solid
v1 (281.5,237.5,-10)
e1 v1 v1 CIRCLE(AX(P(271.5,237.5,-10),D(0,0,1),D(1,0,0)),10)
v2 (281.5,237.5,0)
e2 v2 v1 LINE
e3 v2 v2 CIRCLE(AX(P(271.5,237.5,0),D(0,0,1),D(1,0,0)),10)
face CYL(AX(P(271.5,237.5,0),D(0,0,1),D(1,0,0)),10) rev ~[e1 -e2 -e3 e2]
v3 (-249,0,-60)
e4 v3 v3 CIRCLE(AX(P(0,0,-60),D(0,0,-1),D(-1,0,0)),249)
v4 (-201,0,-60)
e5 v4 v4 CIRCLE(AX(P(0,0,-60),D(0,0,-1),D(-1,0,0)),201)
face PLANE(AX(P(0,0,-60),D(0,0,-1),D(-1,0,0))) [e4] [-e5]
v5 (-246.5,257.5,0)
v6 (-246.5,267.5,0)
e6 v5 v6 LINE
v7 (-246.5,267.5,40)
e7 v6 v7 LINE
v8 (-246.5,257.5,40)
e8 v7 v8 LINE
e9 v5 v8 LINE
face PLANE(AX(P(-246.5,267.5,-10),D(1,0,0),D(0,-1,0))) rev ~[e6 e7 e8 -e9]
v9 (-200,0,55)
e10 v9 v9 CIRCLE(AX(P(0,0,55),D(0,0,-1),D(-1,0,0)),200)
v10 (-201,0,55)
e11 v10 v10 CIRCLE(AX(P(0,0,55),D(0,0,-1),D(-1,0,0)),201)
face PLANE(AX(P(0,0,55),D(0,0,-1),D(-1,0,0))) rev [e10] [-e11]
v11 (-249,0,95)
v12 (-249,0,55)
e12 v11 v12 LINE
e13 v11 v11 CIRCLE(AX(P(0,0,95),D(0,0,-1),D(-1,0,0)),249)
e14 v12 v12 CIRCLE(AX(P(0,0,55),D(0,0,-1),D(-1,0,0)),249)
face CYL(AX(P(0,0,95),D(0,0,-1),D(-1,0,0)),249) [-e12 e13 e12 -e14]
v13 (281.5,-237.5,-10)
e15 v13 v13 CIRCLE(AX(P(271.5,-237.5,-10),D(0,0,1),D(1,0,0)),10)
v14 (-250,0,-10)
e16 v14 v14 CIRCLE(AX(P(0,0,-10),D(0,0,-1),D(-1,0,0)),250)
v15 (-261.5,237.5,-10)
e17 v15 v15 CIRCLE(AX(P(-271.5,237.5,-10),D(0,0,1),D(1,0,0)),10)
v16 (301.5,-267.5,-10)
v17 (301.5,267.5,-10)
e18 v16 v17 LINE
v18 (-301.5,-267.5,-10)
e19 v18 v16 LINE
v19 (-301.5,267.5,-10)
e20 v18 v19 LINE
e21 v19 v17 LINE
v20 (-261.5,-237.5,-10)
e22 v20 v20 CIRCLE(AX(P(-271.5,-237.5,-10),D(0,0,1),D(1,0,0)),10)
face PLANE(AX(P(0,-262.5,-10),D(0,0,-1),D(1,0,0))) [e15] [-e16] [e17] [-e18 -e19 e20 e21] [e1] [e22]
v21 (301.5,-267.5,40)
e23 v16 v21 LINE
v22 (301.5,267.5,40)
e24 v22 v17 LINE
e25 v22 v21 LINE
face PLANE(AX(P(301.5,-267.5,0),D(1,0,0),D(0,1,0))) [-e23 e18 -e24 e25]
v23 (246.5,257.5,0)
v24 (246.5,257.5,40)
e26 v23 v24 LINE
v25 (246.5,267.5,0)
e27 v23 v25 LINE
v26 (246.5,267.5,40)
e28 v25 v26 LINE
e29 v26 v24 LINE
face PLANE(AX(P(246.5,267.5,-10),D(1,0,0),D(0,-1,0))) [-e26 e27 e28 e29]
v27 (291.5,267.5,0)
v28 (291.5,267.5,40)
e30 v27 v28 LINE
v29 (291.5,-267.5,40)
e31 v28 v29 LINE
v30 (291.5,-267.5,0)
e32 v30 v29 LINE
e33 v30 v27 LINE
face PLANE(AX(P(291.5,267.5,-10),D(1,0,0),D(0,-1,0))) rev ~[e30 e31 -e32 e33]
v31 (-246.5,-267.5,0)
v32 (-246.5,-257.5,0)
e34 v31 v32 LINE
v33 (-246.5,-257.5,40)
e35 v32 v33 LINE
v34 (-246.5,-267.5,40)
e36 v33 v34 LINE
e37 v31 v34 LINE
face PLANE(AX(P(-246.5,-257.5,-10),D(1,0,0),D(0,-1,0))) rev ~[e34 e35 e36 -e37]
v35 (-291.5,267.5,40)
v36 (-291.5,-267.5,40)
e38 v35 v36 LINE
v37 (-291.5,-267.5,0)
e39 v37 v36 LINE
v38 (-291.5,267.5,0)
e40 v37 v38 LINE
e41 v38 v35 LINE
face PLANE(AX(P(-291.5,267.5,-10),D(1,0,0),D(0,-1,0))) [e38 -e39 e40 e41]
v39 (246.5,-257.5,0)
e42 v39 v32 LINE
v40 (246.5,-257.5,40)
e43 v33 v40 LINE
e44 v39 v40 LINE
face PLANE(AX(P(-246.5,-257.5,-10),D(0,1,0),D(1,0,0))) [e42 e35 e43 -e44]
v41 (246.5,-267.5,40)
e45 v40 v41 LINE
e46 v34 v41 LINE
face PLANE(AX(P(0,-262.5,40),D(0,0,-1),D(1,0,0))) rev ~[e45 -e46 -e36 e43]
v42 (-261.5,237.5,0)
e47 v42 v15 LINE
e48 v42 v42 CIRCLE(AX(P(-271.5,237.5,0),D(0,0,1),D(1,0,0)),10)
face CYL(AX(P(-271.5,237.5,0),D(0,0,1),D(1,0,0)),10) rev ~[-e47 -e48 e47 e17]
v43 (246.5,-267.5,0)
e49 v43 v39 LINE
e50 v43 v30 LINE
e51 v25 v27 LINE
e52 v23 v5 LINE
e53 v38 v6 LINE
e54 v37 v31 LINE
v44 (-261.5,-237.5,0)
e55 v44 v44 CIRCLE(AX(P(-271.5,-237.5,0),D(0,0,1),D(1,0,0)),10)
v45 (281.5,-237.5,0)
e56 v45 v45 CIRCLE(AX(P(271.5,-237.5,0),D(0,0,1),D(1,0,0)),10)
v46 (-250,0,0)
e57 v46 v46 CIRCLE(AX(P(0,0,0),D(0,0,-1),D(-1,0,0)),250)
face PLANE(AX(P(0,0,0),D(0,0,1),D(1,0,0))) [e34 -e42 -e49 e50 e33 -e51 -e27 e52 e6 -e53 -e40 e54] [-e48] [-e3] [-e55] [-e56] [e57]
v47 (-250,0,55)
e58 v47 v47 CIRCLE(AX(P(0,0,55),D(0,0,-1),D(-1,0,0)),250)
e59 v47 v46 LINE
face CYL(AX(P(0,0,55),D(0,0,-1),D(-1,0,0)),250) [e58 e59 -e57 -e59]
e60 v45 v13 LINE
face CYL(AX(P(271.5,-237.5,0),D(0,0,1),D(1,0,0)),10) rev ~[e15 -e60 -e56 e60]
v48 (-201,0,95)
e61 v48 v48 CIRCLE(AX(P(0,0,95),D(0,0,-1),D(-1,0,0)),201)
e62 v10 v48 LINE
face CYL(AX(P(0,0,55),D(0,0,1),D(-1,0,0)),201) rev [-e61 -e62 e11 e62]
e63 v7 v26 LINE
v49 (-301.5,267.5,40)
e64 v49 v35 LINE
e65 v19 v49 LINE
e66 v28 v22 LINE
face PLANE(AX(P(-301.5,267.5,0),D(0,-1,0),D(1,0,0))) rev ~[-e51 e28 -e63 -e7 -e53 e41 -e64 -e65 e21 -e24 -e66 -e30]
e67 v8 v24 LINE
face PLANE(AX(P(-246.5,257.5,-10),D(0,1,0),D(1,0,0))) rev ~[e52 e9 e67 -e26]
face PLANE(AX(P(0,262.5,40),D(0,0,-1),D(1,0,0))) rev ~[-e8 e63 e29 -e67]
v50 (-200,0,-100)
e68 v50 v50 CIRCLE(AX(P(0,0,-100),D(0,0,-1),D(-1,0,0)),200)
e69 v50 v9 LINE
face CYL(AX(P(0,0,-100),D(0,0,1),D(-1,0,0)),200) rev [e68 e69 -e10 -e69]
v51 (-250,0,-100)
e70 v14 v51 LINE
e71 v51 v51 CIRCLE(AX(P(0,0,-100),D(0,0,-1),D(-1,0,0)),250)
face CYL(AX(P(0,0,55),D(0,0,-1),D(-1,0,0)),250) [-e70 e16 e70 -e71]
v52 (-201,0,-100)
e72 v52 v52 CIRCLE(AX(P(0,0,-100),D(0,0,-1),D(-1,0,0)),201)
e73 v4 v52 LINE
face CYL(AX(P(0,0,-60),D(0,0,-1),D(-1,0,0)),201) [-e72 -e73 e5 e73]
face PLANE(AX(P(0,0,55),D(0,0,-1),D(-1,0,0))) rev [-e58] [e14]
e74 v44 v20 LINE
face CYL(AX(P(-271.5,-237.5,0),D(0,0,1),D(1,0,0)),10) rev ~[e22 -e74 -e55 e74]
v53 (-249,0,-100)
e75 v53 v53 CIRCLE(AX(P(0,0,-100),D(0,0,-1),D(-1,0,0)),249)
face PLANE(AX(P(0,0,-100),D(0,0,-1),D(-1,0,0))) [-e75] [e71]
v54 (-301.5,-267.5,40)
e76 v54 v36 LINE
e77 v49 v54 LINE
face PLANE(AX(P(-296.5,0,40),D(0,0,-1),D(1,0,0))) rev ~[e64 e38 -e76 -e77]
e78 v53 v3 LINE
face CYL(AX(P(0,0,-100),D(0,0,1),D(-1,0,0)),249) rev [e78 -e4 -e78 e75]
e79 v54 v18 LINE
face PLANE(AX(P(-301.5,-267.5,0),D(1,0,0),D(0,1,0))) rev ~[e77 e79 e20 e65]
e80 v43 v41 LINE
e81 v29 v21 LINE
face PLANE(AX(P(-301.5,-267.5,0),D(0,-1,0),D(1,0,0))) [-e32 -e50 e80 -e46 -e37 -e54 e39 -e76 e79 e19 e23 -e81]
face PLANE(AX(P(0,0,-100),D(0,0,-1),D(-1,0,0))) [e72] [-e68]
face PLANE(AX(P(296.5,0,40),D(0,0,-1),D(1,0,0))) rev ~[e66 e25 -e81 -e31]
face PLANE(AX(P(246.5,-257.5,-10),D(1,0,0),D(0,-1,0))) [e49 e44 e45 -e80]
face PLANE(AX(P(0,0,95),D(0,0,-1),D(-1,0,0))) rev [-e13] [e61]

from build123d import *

# Parameters (mm, degrees)
F2_W     = 603
F2_H     = 535
F2_R     = 10
F2_R_2   = 201
F3_DEPTH = 10
F4_W     = 493
F4_H     = 10
F4_W_2   = 10
F4_H_2   = 535
F5_DEPTH = 50


with BuildPart() as f1:
    # F0 (on Front) → F1 (revolve)
    with BuildSketch(Plane.XZ):
        Polygon((-201, -100), (-200, -100), (-200, 55), (-201, 55), (-201, 95), (-249, 95), (-249, 55), (-250, 55), (-250, -100), (-249, -100), (-249, -60), (-201, -60), align=None)
    revolve(axis=Axis((0, 0, -77.049306), (0, 0, -1)))

    # F2 (on Top) → F3 (join)
    with BuildSketch(Plane.XY):
        Rectangle(F2_W, F2_H)
        with Locations((-271.5, -237.5)):
            Circle(F2_R, mode=Mode.SUBTRACT)
        with Locations((271.5, -237.5)):
            Circle(F2_R, mode=Mode.SUBTRACT)
        with Locations((-271.5, 237.5)):
            Circle(F2_R, mode=Mode.SUBTRACT)
        Circle(F2_R_2, mode=Mode.SUBTRACT)
        with Locations((271.5, 237.5)):
            Circle(F2_R, mode=Mode.SUBTRACT)
    extrude(amount=-F3_DEPTH)

    # F4 (on face) → F5 (join)
    with BuildSketch(Plane(origin=(0, 0, -10), x_dir=(1, 0, 0), z_dir=(0, 0, -1))):
        with Locations((0, 262.5)):
            Rectangle(F4_W, F4_H)
        with Locations((-296.5, 0)):
            Rectangle(F4_W_2, F4_H_2)
        with Locations((0, -262.5)):
            Rectangle(F4_W, F4_H)
        with Locations((296.5, 0)):
            Rectangle(F4_W_2, F4_H_2)
    extrude(amount=-F5_DEPTH)


solid = f1.part
